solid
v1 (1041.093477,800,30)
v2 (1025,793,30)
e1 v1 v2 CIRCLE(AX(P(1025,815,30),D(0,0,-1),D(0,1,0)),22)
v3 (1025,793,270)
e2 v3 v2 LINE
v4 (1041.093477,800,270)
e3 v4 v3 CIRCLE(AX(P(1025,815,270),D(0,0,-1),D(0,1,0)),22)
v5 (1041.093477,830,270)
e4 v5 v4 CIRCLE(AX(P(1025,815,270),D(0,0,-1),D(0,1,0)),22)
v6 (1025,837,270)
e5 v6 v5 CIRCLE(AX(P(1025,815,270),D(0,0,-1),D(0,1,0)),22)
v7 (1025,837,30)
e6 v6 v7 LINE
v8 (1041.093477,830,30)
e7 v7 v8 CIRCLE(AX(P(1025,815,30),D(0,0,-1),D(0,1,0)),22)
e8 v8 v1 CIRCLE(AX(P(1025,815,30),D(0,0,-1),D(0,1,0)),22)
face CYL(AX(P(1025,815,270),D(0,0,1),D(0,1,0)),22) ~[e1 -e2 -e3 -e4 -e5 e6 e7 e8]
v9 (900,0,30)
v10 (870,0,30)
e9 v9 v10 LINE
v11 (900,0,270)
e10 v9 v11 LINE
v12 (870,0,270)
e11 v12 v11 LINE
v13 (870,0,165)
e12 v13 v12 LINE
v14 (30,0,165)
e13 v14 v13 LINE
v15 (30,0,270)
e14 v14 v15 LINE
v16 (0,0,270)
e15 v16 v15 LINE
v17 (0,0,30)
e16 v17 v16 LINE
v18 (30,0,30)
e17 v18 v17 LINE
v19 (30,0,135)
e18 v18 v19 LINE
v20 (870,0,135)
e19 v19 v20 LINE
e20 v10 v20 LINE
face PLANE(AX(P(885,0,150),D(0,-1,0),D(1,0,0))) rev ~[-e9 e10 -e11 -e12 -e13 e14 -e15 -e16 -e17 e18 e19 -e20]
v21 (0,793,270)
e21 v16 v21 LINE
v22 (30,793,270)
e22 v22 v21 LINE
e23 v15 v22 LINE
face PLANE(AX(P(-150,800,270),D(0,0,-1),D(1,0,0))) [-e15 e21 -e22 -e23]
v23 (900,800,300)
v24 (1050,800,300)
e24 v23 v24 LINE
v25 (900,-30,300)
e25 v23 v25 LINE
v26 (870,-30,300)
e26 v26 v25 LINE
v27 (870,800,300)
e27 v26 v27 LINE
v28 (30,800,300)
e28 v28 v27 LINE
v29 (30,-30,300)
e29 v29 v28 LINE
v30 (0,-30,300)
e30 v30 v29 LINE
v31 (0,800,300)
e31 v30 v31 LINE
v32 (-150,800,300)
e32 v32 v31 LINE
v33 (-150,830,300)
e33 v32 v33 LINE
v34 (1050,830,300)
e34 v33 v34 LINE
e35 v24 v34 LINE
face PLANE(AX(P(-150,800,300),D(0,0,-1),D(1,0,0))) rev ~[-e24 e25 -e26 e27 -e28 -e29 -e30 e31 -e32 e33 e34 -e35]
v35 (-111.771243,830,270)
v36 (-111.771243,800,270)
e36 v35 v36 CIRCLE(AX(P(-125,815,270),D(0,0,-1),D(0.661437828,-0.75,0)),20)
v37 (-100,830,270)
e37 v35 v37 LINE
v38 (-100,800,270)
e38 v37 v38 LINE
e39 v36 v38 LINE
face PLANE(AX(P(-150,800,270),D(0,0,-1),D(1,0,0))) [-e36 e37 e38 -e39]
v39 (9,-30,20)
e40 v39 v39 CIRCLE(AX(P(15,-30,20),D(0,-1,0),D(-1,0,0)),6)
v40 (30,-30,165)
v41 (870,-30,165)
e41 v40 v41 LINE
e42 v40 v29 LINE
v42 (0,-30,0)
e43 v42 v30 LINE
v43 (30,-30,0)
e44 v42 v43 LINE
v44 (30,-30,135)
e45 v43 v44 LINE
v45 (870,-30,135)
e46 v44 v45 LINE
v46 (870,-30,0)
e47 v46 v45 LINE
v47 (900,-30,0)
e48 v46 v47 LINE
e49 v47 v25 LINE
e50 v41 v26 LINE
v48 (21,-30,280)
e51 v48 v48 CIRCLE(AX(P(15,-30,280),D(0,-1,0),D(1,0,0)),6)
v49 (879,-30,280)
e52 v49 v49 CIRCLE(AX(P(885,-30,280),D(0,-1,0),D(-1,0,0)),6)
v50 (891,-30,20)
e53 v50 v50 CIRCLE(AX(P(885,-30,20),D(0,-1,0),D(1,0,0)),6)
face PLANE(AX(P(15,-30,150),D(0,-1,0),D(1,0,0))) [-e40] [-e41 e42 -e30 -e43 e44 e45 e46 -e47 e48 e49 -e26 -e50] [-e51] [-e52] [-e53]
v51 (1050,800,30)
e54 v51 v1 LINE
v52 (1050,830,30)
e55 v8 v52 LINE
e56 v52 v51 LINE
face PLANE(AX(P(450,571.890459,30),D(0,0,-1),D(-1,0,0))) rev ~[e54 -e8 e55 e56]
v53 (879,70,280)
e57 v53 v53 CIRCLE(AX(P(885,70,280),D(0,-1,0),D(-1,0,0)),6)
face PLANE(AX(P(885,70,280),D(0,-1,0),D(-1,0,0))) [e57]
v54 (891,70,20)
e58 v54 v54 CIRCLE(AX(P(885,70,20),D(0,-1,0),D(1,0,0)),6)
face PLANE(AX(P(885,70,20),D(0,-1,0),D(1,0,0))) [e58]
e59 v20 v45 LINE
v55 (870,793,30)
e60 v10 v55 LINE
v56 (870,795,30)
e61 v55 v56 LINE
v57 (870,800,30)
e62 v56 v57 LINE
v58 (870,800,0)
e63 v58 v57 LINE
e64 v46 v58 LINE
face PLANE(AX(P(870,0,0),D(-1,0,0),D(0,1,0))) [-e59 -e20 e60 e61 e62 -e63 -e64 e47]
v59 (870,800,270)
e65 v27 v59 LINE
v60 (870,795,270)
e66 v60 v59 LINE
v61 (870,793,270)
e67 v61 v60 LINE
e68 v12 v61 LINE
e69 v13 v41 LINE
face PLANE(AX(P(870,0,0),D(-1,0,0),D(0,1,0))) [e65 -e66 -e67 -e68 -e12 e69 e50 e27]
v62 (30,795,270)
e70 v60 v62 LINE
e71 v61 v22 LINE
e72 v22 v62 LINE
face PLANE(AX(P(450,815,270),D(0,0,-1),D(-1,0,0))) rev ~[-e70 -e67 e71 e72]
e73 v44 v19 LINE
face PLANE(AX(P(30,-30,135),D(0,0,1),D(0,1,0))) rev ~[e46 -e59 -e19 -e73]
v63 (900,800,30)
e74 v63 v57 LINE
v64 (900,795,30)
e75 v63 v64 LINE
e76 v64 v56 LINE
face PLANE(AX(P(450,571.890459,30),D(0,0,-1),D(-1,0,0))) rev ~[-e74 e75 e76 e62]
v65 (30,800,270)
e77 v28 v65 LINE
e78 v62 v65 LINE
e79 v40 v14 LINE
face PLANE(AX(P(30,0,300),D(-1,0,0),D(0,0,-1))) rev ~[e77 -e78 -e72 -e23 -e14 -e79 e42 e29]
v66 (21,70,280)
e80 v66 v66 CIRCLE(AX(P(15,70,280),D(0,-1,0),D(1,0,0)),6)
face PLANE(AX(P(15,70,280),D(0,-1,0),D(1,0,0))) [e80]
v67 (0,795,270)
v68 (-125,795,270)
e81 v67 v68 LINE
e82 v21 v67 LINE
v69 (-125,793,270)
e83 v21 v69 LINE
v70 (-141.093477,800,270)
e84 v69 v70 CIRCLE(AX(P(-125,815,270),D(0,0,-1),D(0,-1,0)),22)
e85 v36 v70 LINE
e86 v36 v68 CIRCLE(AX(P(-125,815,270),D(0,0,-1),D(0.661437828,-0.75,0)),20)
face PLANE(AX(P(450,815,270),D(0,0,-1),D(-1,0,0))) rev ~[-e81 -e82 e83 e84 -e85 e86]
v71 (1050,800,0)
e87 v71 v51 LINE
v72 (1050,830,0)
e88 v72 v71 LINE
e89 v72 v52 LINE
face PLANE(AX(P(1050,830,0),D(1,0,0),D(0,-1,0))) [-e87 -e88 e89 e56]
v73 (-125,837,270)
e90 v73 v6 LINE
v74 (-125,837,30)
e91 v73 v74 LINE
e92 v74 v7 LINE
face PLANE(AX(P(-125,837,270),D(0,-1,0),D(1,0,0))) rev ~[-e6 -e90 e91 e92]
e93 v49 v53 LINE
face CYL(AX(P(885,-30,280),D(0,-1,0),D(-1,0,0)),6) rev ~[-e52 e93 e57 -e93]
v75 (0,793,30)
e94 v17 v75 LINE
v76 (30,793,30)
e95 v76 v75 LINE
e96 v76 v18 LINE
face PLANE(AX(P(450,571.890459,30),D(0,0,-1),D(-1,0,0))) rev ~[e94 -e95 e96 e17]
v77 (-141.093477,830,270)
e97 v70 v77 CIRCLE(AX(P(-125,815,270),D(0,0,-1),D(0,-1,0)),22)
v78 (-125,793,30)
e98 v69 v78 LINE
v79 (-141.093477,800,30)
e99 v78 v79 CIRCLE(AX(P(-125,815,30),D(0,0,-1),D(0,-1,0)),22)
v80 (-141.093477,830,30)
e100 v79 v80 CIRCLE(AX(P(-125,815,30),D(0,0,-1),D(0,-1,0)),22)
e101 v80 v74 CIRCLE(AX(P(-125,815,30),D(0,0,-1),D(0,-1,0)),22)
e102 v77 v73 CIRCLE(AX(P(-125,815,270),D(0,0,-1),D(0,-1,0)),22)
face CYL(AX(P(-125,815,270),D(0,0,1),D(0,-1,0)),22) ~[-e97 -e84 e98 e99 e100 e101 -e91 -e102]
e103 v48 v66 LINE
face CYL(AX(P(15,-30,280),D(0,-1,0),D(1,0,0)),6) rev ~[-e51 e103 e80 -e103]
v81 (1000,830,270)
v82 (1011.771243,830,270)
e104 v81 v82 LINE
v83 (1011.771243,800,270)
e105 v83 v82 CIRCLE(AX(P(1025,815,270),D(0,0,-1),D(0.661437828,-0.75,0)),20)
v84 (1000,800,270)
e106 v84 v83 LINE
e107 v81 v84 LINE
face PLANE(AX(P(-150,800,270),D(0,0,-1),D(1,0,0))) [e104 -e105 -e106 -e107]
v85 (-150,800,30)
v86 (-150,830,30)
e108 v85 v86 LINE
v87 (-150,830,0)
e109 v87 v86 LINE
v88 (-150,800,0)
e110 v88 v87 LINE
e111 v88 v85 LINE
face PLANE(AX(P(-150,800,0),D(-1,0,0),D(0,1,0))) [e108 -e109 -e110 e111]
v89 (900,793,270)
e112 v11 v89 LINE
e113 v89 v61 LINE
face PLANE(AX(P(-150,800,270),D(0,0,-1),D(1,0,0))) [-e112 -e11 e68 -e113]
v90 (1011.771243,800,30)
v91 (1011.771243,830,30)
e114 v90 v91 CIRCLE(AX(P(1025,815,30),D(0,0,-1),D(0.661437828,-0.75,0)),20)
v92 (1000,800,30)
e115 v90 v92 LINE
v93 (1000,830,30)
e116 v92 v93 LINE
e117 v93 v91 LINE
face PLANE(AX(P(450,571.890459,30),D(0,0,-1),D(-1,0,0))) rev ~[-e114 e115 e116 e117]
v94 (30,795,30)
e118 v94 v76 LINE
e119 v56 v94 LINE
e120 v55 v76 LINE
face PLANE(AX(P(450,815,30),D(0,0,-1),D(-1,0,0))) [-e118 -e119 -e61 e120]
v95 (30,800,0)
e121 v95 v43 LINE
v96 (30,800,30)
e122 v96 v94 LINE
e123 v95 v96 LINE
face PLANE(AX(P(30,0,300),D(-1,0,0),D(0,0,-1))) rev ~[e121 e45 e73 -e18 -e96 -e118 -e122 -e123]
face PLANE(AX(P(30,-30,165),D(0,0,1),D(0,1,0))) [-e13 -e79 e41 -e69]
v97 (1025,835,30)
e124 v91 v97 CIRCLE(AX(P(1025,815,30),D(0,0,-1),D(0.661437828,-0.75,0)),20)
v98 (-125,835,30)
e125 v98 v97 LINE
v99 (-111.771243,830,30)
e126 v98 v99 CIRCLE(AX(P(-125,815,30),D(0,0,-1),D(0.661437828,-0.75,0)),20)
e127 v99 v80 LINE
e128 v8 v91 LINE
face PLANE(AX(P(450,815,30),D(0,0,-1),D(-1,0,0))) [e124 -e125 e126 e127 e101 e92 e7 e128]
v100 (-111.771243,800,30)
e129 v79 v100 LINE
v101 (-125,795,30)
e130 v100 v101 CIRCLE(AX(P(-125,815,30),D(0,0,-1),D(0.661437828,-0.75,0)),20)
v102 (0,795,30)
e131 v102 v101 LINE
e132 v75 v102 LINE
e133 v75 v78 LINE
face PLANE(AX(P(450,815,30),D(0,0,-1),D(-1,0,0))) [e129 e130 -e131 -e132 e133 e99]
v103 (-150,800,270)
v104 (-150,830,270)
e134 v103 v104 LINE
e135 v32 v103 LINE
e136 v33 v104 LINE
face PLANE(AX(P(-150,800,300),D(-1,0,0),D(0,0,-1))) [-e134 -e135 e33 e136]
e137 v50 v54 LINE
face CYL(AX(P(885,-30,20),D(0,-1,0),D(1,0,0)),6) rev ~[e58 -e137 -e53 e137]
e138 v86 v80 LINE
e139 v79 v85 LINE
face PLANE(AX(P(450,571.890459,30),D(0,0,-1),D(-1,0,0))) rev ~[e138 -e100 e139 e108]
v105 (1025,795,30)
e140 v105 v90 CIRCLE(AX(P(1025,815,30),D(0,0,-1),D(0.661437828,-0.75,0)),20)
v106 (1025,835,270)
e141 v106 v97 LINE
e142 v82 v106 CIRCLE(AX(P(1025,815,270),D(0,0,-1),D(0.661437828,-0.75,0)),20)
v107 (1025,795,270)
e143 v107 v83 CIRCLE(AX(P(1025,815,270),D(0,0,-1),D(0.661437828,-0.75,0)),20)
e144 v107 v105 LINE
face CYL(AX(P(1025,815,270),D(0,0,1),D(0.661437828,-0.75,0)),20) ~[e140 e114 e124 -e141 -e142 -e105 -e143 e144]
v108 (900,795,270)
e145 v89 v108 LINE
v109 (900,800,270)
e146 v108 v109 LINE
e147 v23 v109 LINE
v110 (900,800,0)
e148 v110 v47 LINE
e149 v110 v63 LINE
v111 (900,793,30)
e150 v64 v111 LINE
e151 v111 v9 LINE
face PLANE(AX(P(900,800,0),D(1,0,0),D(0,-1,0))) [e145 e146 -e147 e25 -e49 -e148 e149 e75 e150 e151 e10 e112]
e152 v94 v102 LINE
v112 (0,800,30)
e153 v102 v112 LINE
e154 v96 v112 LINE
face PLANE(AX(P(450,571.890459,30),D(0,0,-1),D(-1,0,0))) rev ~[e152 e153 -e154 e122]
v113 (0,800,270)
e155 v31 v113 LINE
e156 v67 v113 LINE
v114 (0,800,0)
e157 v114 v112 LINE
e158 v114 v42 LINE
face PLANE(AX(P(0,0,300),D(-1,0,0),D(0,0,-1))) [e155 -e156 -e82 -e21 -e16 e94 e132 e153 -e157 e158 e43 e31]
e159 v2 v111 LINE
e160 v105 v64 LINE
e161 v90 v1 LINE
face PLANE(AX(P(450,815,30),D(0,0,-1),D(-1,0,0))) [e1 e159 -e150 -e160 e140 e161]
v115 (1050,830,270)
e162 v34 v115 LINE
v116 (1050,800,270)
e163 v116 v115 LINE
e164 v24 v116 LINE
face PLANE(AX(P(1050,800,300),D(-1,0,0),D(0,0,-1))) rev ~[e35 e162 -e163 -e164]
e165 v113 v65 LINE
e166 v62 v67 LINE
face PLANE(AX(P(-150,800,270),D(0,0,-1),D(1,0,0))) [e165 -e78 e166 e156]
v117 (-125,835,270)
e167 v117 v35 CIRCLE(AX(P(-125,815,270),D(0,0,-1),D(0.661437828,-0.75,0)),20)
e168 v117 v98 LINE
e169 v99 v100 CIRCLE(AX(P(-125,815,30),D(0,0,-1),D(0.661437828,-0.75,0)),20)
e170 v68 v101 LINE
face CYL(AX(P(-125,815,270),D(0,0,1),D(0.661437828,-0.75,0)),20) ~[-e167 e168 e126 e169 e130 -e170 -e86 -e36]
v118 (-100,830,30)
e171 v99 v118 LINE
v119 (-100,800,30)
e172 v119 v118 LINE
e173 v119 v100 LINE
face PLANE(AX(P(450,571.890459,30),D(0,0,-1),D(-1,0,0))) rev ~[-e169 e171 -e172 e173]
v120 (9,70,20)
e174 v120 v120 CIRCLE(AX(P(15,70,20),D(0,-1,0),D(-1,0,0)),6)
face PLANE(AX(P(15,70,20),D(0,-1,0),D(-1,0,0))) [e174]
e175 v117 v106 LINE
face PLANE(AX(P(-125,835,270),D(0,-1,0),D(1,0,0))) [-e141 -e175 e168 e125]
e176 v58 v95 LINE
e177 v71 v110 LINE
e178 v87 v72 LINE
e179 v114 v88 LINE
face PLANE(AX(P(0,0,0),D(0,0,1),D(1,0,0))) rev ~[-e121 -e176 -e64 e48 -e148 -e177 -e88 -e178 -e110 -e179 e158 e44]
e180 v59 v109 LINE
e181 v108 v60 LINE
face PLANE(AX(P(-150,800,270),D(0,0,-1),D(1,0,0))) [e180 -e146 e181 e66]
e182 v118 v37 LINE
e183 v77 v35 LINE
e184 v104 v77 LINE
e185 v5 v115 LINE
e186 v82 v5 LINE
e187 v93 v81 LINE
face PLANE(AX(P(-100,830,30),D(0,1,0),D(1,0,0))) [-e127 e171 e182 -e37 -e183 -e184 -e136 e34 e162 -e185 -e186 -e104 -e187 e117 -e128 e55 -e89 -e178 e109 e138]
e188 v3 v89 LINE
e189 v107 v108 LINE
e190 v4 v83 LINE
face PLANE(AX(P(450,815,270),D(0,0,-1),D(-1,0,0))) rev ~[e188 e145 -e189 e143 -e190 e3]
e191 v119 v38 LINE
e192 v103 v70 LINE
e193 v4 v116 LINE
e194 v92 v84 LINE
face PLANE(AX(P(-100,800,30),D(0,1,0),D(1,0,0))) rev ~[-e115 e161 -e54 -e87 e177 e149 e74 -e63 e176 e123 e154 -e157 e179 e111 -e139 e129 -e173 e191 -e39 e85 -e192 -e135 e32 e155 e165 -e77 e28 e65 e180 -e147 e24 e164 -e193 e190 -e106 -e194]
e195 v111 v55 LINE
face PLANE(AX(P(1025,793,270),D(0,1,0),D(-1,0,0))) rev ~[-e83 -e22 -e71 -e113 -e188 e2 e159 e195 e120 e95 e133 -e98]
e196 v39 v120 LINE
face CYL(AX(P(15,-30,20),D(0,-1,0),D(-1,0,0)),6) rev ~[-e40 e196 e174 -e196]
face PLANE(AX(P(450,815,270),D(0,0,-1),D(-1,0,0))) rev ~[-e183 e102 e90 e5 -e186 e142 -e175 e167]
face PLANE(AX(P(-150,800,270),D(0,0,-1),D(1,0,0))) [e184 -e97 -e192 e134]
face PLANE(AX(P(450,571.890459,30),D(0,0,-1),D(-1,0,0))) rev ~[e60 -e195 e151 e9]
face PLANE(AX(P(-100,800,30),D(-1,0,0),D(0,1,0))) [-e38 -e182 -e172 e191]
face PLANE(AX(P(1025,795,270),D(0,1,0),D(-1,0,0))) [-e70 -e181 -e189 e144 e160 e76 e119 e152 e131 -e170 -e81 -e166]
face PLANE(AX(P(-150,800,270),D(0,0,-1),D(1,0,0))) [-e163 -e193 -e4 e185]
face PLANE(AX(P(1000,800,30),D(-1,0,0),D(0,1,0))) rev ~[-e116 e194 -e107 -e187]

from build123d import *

# Parameters (mm, degrees)
BOSS_EXTRUDE1_DEPTH  = 30
SKETCH2_W            = 30
SKETCH2_H            = 300
BOSS_EXTRUDE2_DEPTH  = 30
SKETCH3_W            = 30
SKETCH3_H            = 30
BOSS_EXTRUDE3_DEPTH  = 800
SKETCH4_W            = 1200
SKETCH4_H            = 30
BOSS_EXTRUDE4_DEPTH  = 30
BOSS_EXTRUDE5_REACH  = 1367.394
SKETCH5_W            = 1100
SKETCH5_H            = 30
BOSS_EXTRUDE6_REACH  = 1350.814
SKETCH6_W            = 30
SKETCH6_H            = 30
SKETCH7_R            = 20
BOSS_EXTRUDE9_DEPTH  = 240
BOSS_EXTRUDE10_START = -240
BOSS_EXTRUDE10_DEPTH = 240
SKETCH9_R            = 6
CUT_EXTRUDE1_DEPTH   = 100


with BuildPart() as part:
    # Sketch1 → Boss-Extrude1 (new body)
    with BuildSketch(Plane.XY):
        Polygon((0, 0), (0, 800), (-150, 800), (-150, 830), (1050, 830), (1050, 800), (900, 800), (900, 0), (870, 0), (870, 800), (30, 800), (30, 0), align=None)
    extrude(amount=BOSS_EXTRUDE1_DEPTH)

    # Sketch2 → Boss-Extrude2 (add)
    with BuildSketch(Plane.XZ):
        with Locations((15, 150)):
            Rectangle(SKETCH2_W, SKETCH2_H)
        with Locations((885, 150)):
            Rectangle(SKETCH2_W, SKETCH2_H)
    extrude(amount=BOSS_EXTRUDE2_DEPTH)

    # Sketch3 → Boss-Extrude3 (add)
    with BuildSketch(Plane(origin=(0, 0, 0), x_dir=(1, 0, 0), z_dir=(0, 1, 0))):
        with Locations((15, -285)):
            Rectangle(SKETCH3_W, SKETCH3_H)
        with Locations((885, -285)):
            Rectangle(SKETCH3_W, SKETCH3_H)
    extrude(amount=BOSS_EXTRUDE3_DEPTH)

    # Sketch4 → Boss-Extrude4 (add)
    with BuildSketch(Plane(origin=(0, 800, 0), x_dir=(1, 0, 0), z_dir=(0, 1, 0))):
        with Locations((450, -285)):
            Rectangle(SKETCH4_W, SKETCH4_H)
    extrude(amount=BOSS_EXTRUDE4_DEPTH)

    # Sketch5 → Boss-Extrude5 (add, up to next)
    with BuildSketch(Plane.XY.offset(30), mode=Mode.PRIVATE) as boss_extrude5_sk1:
        with Locations((450, 815)):
            Rectangle(SKETCH5_W, SKETCH5_H)
    boss_extrude5_tool1 = extrude(boss_extrude5_sk1.sketch, amount=BOSS_EXTRUDE5_REACH, mode=Mode.PRIVATE) - part.part
    add(boss_extrude5_tool1.solids().sort_by_distance((450, 815, 30))[0])

    # Sketch6 → Boss-Extrude6 (add, up to next)
    with BuildSketch(Plane(origin=(30, 0, 0), x_dir=(0, 0, -1), z_dir=(1, 0, 0)), mode=Mode.PRIVATE) as boss_extrude6_sk1:
        with Locations((-150, -15)):
            Rectangle(SKETCH6_W, SKETCH6_H)
    boss_extrude6_tool1 = extrude(boss_extrude6_sk1.sketch, amount=BOSS_EXTRUDE6_REACH, mode=Mode.PRIVATE) - part.part
    add(boss_extrude6_tool1.solids().sort_by_distance((30, -15, 150))[0])

    # Sketch7 → Boss-Extrude9 (add)
    with BuildSketch(Plane(origin=(0, 0, 270), x_dir=(-1, 0, 0), z_dir=(0, 0, -1))):
        with Locations(Location((-1025, 815, 0), (0, 0, 228.590377891))):
            Circle(SKETCH7_R)
        with Locations(Location((125, 815, 0), (0, 0, 228.590377891))):
            Circle(SKETCH7_R)
    extrude(amount=BOSS_EXTRUDE9_DEPTH)

    # Sketch8 → Boss-Extrude10 (add)
    with BuildSketch(Plane(origin=(0, 0, 30), x_dir=(-1, 0, 0), z_dir=(0, 0, -1)).offset(BOSS_EXTRUDE10_START)):
        with BuildLine():
            Line((125, 837), (-1025, 837))
            ThreePointArc((-1025, 837), (-1047, 815), (-1025, 793))
            Line((-1025, 793), (125, 793))
            ThreePointArc((125, 793), (147, 815), (125, 837))
        make_face()
        with BuildLine():
            Line((125, 835), (-1025, 835))
            ThreePointArc((-1025, 835), (-1045, 815), (-1025, 795))
            Line((-1025, 795), (125, 795))
            ThreePointArc((125, 795), (145, 815), (125, 835))
        make_face(mode=Mode.SUBTRACT)
    extrude(amount=BOSS_EXTRUDE10_DEPTH)

    # Sketch9 → Cut-Extrude1 (cut)
    with BuildSketch(Plane.XZ.offset(30)):
        with Locations((15, 280)):
            Circle(SKETCH9_R)
        with Locations(Location((15, 20, 0), (0, 0, 180))):
            Circle(SKETCH9_R)
        with Locations((885, 20)):
            Circle(SKETCH9_R)
        with Locations(Location((885, 280, 0), (0, 0, 180))):
            Circle(SKETCH9_R)
    extrude(amount=-CUT_EXTRUDE1_DEPTH, mode=Mode.SUBTRACT)


solid = part.part
